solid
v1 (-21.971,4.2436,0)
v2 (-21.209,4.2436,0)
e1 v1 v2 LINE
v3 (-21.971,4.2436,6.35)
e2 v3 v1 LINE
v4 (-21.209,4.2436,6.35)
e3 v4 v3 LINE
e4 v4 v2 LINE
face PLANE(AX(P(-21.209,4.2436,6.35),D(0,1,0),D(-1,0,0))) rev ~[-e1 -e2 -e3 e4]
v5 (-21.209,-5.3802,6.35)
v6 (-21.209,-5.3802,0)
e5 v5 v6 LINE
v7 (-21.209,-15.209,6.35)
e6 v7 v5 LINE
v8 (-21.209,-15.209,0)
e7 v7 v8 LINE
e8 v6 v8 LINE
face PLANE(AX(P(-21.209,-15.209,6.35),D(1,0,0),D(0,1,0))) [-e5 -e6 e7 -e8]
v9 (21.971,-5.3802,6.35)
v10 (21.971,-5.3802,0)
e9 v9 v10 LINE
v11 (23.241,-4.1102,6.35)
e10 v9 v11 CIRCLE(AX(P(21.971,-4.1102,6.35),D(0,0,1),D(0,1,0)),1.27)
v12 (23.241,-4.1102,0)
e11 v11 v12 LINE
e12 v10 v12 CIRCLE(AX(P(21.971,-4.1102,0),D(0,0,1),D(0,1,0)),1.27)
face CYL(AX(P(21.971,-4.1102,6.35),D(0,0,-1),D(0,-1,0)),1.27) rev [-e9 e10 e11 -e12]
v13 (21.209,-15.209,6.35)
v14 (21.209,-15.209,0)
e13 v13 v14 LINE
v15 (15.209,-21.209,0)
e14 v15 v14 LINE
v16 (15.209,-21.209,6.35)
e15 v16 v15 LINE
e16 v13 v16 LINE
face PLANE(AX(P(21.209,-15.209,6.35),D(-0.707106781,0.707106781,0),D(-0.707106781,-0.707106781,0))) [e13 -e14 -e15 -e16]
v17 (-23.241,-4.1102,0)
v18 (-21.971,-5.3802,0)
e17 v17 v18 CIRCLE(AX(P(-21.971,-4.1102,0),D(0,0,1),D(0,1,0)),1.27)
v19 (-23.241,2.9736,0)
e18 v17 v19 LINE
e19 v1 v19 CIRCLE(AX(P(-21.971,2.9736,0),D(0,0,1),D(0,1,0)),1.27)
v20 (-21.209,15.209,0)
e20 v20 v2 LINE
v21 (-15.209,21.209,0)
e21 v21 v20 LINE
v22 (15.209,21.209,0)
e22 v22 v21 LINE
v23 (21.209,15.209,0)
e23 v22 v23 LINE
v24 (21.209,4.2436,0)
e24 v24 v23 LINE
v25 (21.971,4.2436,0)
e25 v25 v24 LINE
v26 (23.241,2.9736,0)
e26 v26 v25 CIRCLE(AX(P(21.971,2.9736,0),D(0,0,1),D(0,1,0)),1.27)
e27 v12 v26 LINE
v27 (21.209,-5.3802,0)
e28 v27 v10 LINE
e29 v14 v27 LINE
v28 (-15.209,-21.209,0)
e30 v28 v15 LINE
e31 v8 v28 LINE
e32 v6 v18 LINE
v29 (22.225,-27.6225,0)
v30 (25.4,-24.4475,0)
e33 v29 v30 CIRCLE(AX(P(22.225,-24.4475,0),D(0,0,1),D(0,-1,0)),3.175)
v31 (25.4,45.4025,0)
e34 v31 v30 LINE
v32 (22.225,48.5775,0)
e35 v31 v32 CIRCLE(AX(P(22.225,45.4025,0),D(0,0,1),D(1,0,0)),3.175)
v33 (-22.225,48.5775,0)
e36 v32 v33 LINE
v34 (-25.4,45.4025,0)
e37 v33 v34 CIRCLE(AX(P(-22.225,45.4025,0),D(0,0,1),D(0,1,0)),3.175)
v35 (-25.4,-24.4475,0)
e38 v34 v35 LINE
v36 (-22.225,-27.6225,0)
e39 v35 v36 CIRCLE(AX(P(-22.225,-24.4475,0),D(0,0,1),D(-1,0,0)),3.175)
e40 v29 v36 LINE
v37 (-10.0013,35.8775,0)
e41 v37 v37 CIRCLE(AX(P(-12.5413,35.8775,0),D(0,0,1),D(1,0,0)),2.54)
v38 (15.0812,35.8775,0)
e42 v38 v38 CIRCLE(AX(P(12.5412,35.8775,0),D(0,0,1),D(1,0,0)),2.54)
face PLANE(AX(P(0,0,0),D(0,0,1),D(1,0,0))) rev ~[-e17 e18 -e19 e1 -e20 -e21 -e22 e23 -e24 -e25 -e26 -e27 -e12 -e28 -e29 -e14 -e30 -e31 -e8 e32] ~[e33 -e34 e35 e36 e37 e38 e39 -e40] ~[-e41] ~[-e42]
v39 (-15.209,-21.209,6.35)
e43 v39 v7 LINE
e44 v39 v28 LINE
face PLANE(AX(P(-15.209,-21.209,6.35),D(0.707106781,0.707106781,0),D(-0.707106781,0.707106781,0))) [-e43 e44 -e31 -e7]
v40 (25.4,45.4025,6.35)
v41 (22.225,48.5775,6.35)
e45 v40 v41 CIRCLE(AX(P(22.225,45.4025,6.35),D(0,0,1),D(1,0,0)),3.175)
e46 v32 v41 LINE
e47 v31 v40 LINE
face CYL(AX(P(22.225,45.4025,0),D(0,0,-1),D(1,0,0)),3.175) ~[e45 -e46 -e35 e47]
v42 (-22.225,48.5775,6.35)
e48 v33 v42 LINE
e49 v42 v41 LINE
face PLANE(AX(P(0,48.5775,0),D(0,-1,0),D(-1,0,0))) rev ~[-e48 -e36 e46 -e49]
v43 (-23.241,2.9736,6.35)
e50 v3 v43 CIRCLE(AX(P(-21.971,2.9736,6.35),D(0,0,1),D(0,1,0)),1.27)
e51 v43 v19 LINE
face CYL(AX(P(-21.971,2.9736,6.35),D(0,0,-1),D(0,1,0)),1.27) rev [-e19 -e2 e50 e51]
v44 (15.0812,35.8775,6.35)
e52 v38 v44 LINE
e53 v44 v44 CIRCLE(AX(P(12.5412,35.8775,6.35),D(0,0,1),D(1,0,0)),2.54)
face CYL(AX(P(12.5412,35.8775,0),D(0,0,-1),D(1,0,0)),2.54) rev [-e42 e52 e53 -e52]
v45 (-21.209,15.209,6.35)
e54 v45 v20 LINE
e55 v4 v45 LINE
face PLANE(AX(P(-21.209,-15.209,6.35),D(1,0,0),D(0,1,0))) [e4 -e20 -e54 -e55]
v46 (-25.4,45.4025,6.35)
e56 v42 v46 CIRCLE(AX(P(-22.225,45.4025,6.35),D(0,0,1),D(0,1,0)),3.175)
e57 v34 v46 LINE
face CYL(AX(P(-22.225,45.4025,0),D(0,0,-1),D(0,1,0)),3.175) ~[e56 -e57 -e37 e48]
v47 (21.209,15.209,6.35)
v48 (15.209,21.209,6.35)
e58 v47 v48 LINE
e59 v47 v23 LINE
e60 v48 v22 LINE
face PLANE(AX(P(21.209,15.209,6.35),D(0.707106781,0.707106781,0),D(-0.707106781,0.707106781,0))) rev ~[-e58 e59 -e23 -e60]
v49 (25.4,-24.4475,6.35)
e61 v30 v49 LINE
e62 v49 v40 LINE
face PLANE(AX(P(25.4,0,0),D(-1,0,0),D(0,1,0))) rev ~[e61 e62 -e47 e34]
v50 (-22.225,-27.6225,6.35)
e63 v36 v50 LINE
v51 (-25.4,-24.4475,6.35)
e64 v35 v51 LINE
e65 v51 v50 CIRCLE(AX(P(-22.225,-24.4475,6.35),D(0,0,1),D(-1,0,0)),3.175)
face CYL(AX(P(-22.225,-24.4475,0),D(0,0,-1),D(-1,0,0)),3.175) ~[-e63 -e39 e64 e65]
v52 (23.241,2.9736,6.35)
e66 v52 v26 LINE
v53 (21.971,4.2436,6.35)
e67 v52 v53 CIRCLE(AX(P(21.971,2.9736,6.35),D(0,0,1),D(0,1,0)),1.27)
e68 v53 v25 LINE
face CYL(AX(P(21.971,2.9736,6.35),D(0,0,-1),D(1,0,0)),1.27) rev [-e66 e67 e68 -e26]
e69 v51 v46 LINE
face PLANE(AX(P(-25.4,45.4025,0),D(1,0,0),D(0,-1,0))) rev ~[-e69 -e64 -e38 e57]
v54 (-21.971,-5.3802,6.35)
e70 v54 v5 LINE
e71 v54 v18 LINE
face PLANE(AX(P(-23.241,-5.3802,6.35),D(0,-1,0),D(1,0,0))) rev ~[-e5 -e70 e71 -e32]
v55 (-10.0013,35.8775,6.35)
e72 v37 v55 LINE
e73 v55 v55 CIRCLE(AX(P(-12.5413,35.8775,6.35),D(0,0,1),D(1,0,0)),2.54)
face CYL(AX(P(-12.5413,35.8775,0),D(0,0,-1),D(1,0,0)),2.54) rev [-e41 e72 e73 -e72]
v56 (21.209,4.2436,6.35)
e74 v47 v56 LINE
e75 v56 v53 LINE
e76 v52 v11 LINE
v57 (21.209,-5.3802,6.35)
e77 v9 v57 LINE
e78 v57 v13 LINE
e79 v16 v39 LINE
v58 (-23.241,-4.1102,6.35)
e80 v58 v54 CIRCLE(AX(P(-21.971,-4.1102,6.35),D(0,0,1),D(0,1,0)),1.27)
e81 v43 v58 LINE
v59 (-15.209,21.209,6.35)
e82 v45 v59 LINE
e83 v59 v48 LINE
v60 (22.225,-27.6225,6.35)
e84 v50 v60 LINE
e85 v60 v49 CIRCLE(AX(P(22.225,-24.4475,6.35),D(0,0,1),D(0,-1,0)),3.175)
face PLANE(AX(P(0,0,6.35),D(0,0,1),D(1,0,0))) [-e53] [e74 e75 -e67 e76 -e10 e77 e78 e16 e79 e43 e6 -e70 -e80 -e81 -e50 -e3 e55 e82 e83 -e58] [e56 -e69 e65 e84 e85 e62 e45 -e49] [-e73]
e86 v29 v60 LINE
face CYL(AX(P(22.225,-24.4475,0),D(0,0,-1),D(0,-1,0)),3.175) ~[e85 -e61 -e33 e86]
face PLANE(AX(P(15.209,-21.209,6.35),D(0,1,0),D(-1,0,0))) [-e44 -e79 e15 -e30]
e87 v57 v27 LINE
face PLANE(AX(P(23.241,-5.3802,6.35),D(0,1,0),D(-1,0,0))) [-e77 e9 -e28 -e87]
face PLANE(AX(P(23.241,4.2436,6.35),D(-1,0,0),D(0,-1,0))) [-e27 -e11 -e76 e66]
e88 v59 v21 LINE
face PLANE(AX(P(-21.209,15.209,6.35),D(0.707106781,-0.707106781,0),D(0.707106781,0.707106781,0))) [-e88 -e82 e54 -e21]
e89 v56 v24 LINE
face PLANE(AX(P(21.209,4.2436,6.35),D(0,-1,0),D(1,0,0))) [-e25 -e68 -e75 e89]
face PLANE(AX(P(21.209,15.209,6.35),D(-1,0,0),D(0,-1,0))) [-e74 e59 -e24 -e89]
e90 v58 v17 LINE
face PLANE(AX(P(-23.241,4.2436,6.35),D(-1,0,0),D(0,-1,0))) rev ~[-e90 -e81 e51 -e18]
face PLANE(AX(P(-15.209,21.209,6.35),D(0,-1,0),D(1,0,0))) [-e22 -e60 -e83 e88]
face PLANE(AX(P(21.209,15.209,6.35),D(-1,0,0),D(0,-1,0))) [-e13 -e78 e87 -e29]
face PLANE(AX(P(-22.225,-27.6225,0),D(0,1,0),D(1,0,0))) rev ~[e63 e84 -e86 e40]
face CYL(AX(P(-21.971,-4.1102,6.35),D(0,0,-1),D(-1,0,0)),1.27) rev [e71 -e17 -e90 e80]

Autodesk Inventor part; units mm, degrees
ref_plane "YZ Plane" through (0, 0, 0) normal (1, 0, 0) x (0, 1, 0)
ref_plane "XZ Plane" through (0, 0, 0) normal (0, 1, 0) x (-1, 0, 0)
ref_plane "XY Plane" through (0, 0, 0) normal (0, 0, 1) x (1, 0, 0)
sketch "Sketch1" plane through (0, 0, 0) normal (0, 0, 1) x (1, 0, 0)
  line L0 (-25.4, 45.4025) -> (-25.4, -24.4475)
  line L1 (-22.225, -27.6225) -> (22.225, -27.6225)
  line L2 (25.4, -24.4475) -> (25.4, 45.4025)
  line L3 (22.225, 48.5775) -> (-22.225, 48.5775)
  line L4 (0, 57.3133) -> (0, -29.6676)
  circle A0 centre (-12.5413, 35.8775) radius 2.54
  circle A1 centre (12.5412, 35.8775) radius 2.54
  arc A2 (-25.4, -24.4475) -> (-22.225, -27.6225) centre (-22.225, -24.4475) ccw
  arc A3 (22.225, -27.6225) -> (25.4, -24.4475) centre (22.225, -24.4475) ccw
  arc A4 (25.4, 45.4025) -> (22.225, 48.5775) centre (22.225, 45.4025) ccw
  arc A5 (-22.225, 48.5775) -> (-25.4, 45.4025) centre (-22.225, 45.4025) ccw
  line L5 (-55.0388, 0) -> (75.1356, 0)
  point P0 (-25.4, 48.5775)
  point P1 (-25.4, -27.6225)
  point P2 (25.4, -27.6225)
  point P3 (25.4, 48.5775)
  dimension "d10" = 50.8
  dimension "d11" = 76.2
  dimension "d12" = 5.08
  dimension "d13" = 25.0825
  dimension "d18" = 3.175
extrude "Extrusion2" add sketch "Sketch1" along normal blind 6.35
sketch "Sketch2" plane through (0, 0, 6.35) normal (0, 0, 1) x (1, 0, 0)
  line L0 (15.209, -21.209) -> (-15.209, -21.209)
  line L1 (-21.209, -15.209) -> (-21.209, 15.209)
  line L2 (-15.209, 21.209) -> (15.209, 21.209)
  line L3 (21.209, 15.209) -> (21.209, -15.209)
  line L4 (21.209, -21.209) -> (-21.209, 21.209) construction
  line L5 (-21.209, -21.209) -> (21.209, 21.209) construction
  line L6 (-21.209, 15.209) -> (-15.209, 21.209)
  line L7 (21.209, 15.209) -> (15.209, 21.209)
  line L8 (21.209, -15.209) -> (15.209, -21.209)
  line L9 (-15.209, -21.209) -> (-21.209, -15.209)
  point P0 (0, 0)
  dimension "d24" = 42.418
  dimension "d25" = 42.418
  dimension "d26" = 6
  dimension "d27" = 6
  dimension "d28" = 6
  dimension "d29" = 6
  dimension "d30" = 6
  dimension "d31" = 6
  dimension "d32" = 6
  dimension "d33" = 6
extrude "Extrusion3" cut sketch "Sketch2" against normal up to next
sketch "Sketch3" plane through (0, 0, 6.35) normal (0, 0, 1) x (1, 0, 0)
  line L0 (0, 74.5248) -> (0, -62.4529)
  line L1 (-21.209, 4.2436) -> (-23.241, 4.2436)
  line L2 (-23.241, 4.2436) -> (-23.241, -5.3802)
  line L3 (-23.241, -5.3802) -> (-21.209, -5.3802)
  line L4 (-21.209, -5.3802) -> (-21.209, 4.2436)
  line L5 (-21.209, 15.209) -> (-21.209, -15.209) projected
  line L6 (21.209, 4.2436) -> (23.241, 4.2436)
  line L7 (23.241, 4.2436) -> (23.241, -5.3802)
  line L8 (23.241, -5.3802) -> (21.209, -5.3802)
  line L9 (21.209, -5.3802) -> (21.209, 4.2436)
  point P0 (0, 0)
  point P1 (-21.209, 0)
  point P2 (21.209, 0)
  dimension "d39" = 2.032
extrude "Extrusion4" cut sketch "Sketch3" against normal up to next
fillet "Fillet1" radius 1.27 4 edges at (-23.241, 4.2436, 3.175) (-23.241, -5.3802, 3.175) (23.241, 4.2436, 3.175) (23.241, -5.3802, 3.175)
equation "\"d25\" = d24"
equation "\"d27\" = d26"
equation "\"d28\" = d26"
equation "\"d29\" = d28"
equation "\"d30\" = d26"
equation "\"d31\" = d30"
equation "\"d32\" = d26"
equation "\"d33\" = d32"
properties part number "Motor_Clamp"
